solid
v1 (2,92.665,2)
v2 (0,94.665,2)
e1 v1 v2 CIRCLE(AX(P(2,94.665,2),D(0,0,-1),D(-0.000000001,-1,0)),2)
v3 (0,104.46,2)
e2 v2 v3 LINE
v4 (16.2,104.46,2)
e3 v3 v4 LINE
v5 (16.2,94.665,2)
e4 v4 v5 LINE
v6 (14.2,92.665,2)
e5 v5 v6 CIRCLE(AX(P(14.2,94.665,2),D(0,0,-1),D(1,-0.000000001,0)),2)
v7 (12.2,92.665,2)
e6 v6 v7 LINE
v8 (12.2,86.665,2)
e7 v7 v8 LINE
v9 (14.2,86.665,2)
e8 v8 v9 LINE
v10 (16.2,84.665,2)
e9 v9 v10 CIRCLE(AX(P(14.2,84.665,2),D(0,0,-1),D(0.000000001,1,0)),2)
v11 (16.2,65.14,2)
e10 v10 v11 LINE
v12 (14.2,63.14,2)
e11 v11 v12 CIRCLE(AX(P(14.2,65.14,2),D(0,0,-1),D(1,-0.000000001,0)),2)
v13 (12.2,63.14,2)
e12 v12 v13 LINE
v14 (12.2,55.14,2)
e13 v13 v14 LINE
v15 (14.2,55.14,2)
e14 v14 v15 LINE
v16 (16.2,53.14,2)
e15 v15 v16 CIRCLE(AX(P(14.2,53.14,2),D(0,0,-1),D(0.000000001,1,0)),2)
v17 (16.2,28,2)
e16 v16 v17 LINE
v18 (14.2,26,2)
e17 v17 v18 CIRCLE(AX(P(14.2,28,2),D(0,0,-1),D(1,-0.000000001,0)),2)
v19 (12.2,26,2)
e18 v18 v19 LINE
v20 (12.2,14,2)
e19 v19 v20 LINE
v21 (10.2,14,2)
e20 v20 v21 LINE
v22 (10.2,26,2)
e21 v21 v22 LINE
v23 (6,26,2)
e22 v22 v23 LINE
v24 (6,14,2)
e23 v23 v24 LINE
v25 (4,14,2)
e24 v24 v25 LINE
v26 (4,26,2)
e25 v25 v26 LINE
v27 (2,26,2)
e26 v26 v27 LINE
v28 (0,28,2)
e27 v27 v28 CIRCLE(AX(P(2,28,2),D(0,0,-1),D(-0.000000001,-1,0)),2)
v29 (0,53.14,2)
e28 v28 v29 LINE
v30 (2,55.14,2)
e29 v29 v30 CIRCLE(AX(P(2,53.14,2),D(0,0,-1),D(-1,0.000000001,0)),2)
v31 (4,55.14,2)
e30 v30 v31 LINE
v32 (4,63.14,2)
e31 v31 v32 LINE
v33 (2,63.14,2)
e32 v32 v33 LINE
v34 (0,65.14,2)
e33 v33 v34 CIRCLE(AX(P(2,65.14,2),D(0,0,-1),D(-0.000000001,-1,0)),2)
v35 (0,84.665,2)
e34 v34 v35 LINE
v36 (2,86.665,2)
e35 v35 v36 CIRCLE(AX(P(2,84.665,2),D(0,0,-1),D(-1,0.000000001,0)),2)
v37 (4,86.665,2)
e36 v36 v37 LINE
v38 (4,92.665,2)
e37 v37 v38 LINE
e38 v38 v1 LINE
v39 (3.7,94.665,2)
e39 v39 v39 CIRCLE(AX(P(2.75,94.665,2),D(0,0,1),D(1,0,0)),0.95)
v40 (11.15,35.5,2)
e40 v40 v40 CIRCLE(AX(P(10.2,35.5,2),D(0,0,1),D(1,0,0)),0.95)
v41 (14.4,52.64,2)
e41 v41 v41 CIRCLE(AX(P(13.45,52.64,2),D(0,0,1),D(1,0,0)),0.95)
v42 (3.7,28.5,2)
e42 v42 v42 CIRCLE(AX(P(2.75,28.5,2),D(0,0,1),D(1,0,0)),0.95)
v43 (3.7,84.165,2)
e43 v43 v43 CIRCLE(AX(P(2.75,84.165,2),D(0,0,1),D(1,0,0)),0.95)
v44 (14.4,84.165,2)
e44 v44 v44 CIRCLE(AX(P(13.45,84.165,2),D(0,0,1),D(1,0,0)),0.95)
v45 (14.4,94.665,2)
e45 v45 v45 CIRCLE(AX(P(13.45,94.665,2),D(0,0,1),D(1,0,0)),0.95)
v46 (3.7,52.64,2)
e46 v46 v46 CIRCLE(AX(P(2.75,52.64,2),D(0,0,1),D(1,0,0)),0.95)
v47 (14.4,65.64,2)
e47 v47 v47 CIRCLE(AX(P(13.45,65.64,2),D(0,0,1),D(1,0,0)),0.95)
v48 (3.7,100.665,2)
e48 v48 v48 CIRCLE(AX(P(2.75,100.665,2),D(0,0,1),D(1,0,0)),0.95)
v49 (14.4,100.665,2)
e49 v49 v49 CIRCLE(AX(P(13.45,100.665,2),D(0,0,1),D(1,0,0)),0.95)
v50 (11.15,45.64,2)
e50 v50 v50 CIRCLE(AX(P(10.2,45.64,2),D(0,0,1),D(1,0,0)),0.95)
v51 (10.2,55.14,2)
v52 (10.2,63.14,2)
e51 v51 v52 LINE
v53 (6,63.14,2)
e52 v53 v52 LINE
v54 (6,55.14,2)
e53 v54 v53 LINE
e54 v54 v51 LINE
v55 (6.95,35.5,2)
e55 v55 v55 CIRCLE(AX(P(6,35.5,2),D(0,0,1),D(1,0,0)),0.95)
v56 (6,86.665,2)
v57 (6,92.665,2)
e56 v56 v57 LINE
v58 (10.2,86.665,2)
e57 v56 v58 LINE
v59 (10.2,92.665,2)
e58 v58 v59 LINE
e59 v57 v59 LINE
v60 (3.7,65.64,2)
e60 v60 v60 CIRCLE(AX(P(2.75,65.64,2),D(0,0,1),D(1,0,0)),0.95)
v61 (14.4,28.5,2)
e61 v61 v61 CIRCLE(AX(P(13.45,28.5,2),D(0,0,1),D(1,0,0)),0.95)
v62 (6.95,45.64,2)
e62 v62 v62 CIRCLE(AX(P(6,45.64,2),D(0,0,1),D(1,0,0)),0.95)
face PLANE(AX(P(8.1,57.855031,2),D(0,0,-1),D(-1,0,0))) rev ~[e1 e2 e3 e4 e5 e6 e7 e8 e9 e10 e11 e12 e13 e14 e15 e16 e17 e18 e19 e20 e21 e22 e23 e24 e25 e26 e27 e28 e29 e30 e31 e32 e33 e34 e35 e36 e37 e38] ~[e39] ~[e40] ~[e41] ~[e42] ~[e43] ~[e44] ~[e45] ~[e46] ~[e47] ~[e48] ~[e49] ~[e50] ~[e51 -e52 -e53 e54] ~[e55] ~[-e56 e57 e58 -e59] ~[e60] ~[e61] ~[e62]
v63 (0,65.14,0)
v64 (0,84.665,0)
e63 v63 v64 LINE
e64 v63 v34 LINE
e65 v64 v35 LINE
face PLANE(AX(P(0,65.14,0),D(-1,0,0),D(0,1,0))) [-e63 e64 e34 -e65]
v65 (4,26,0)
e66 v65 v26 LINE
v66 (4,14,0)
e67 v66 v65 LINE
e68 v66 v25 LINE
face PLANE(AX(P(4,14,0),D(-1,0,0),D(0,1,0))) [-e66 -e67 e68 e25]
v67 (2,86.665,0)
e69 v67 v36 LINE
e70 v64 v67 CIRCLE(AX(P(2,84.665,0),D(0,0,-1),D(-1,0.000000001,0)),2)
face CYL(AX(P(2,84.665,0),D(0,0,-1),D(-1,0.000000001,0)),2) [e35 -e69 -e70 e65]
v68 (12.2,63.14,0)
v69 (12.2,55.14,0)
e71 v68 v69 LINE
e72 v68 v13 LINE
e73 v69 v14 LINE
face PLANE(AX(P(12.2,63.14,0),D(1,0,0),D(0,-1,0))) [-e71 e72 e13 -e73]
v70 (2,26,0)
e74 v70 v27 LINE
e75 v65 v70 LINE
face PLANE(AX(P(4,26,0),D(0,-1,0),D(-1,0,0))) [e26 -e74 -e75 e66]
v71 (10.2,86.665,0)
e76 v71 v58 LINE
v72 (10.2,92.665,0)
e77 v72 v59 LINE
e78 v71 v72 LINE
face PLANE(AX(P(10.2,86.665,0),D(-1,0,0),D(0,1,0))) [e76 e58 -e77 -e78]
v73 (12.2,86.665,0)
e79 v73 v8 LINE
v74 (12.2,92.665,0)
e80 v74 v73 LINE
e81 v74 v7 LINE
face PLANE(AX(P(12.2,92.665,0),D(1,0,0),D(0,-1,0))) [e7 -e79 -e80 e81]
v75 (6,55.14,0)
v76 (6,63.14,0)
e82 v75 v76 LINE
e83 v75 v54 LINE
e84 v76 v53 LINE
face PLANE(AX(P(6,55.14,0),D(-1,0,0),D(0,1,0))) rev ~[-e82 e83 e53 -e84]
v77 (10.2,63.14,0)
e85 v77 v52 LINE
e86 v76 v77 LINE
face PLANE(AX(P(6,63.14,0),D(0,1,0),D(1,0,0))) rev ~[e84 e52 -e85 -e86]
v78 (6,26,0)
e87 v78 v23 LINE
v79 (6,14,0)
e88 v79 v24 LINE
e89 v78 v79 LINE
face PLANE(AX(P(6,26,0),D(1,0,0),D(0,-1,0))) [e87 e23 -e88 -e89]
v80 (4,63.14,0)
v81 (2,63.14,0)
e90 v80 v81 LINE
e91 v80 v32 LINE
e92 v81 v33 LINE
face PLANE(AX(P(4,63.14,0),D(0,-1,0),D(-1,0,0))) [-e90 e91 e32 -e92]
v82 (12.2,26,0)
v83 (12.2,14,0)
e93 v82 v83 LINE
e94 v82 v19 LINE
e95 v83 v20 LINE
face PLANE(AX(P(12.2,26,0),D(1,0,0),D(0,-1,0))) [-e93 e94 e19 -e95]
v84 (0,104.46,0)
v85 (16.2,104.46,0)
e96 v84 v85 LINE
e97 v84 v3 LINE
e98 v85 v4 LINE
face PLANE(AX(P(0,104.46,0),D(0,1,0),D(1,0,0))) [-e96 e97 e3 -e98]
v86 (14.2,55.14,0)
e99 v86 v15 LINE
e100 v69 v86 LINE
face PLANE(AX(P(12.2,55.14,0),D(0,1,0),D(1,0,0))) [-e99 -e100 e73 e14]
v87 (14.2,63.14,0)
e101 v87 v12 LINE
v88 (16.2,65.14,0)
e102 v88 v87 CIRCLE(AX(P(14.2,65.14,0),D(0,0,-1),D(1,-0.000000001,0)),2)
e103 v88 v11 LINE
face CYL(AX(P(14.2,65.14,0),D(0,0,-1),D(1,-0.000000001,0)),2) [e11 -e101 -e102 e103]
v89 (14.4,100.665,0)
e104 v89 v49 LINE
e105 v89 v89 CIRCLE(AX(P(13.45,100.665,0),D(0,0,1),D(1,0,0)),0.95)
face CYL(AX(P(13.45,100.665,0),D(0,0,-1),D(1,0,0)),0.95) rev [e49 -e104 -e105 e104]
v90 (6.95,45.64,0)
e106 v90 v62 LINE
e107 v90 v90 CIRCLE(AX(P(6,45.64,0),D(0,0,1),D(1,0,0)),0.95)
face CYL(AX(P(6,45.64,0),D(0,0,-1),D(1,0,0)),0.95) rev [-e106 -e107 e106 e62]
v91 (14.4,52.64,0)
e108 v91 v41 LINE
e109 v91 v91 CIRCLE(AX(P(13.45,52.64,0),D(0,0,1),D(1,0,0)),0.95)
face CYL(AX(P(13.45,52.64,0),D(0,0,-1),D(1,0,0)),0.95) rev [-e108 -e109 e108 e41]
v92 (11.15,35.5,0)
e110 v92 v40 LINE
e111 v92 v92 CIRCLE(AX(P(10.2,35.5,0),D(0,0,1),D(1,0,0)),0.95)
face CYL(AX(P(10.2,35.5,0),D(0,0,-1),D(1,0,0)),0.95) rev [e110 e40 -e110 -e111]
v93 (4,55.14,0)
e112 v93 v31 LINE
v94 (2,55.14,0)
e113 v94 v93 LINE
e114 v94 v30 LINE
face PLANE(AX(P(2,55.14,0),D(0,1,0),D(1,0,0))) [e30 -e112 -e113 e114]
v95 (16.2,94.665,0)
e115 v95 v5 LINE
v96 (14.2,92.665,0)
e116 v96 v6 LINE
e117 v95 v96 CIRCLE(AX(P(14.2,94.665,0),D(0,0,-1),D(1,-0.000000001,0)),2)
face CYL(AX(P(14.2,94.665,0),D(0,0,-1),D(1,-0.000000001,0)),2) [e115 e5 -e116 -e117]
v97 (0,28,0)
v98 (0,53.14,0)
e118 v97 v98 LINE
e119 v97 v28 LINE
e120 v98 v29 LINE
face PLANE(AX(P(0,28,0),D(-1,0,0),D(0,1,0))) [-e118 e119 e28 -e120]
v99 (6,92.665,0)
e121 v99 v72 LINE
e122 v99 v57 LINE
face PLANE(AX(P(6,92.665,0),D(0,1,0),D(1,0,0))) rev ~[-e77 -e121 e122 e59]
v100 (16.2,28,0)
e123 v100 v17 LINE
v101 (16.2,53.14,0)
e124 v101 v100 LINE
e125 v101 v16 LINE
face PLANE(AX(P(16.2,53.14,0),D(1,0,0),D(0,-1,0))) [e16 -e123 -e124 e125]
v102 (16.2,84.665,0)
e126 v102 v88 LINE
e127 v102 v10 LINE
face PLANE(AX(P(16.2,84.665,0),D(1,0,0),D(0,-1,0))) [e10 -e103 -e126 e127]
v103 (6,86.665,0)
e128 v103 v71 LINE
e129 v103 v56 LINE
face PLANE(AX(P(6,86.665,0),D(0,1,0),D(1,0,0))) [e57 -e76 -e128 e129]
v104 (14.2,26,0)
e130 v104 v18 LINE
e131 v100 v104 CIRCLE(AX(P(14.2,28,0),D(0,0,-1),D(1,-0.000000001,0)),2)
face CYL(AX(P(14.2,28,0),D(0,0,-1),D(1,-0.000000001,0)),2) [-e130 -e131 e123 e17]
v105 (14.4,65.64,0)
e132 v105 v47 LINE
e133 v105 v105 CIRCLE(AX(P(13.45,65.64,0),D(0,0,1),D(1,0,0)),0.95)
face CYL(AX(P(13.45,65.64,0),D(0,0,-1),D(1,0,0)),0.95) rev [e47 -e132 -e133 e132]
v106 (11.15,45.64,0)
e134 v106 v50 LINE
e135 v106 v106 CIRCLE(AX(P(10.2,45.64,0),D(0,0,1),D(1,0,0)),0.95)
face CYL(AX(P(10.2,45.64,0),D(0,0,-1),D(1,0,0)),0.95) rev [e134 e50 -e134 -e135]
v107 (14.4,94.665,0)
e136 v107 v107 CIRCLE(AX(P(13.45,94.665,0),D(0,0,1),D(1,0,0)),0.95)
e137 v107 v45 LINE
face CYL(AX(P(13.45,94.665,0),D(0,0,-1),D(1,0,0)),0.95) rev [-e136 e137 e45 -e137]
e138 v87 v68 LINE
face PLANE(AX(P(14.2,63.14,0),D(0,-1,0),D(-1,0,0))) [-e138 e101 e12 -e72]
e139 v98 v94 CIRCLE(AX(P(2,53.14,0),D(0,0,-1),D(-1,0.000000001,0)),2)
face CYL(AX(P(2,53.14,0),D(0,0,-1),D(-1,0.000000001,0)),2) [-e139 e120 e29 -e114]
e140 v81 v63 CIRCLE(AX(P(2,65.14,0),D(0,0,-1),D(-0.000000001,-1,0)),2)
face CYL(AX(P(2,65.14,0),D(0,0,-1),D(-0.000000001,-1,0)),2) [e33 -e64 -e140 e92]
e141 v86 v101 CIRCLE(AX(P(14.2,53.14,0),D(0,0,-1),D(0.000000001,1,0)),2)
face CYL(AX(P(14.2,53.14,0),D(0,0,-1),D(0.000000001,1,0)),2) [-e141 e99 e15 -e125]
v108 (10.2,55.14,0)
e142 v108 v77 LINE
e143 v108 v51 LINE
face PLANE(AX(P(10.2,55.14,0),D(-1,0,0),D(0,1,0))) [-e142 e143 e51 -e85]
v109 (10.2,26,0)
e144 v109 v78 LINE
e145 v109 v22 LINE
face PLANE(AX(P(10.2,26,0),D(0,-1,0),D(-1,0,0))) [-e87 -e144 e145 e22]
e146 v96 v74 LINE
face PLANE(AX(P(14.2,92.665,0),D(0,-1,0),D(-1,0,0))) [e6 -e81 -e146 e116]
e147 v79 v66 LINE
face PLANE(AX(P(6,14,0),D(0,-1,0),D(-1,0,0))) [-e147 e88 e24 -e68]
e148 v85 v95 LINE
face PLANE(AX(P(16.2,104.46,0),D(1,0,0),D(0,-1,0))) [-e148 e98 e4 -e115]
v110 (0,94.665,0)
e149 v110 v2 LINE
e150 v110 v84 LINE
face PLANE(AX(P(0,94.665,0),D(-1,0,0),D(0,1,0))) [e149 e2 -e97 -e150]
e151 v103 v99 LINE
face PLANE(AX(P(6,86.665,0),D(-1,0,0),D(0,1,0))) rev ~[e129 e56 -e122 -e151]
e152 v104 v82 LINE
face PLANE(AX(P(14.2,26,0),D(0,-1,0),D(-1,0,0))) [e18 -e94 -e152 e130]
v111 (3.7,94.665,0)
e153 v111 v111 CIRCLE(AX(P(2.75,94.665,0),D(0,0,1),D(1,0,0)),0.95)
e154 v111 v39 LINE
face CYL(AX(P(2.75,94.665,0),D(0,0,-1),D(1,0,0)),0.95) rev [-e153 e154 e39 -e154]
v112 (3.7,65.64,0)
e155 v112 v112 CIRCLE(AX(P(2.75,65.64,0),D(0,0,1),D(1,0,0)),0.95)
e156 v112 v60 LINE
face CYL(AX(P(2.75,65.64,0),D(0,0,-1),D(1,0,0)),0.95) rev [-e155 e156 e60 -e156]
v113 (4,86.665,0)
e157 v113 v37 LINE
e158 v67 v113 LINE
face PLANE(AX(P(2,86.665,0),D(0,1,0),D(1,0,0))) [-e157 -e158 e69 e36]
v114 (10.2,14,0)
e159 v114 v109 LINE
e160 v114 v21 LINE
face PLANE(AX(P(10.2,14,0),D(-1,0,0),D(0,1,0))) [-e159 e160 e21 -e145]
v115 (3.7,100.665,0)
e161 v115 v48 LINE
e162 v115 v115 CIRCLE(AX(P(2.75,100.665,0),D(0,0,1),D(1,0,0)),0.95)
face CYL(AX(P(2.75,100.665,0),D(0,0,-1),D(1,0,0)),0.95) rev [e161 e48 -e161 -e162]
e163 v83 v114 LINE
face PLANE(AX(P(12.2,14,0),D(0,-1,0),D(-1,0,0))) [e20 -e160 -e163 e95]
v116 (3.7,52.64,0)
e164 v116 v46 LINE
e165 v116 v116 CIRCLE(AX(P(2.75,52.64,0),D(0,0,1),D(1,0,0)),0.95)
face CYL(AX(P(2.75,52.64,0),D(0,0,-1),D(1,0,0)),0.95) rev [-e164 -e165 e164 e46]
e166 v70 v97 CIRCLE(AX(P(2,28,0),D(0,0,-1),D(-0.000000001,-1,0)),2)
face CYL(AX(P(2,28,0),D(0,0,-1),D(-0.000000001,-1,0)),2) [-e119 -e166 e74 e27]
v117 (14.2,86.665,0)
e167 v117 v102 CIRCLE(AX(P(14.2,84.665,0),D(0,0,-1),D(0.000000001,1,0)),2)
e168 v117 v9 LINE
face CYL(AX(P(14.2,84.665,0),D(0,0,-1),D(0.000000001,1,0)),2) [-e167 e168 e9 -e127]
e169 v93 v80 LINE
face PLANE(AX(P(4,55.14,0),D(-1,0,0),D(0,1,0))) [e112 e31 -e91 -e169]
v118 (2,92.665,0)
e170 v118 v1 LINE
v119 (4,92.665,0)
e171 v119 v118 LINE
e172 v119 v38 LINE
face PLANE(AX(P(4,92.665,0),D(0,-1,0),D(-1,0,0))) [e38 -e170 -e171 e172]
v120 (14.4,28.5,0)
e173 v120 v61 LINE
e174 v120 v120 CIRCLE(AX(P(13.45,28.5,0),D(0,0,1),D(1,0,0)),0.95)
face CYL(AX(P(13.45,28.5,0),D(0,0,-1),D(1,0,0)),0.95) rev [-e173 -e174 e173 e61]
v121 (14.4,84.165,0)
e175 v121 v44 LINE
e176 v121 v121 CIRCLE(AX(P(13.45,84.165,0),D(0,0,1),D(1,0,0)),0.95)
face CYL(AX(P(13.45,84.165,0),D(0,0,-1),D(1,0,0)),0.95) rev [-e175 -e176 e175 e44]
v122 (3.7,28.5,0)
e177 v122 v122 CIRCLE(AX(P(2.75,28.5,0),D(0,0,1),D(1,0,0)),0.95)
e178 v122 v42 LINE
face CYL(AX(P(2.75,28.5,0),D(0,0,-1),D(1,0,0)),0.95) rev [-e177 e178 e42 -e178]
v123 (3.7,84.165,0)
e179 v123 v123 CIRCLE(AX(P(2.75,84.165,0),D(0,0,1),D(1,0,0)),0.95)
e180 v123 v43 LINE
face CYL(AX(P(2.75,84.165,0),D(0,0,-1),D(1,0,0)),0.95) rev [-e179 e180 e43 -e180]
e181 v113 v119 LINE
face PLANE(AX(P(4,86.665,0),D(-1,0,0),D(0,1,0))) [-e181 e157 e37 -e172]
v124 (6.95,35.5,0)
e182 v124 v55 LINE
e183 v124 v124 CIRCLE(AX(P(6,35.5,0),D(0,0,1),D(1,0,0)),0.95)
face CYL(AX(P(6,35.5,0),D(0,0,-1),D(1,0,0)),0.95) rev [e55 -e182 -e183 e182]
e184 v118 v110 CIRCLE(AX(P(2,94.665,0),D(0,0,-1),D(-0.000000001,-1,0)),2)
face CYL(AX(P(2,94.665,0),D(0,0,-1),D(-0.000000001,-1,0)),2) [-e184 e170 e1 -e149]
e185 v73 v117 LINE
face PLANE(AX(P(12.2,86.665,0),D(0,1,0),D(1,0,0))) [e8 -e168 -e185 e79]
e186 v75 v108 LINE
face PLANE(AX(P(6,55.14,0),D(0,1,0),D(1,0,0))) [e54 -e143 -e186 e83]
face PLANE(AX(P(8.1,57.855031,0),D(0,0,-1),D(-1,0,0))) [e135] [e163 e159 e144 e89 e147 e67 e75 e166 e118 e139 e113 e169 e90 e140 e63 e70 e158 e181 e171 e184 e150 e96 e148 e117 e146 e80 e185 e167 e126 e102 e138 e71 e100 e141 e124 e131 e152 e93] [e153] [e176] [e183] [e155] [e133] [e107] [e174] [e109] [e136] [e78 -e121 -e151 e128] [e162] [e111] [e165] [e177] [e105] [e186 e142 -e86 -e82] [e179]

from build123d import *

# Parameters (mm, degrees)
SKETCH1_R           = 0.95
SKETCH1_W           = 4.2
SKETCH1_H           = 8
SKETCH1_H_2         = 6
BOSS_EXTRUDE1_DEPTH = 2


with BuildPart() as part:
    # Sketch1 → Boss-Extrude1 (new body)
    with BuildSketch(Plane.XY):
        with BuildLine():
            Line((4, 26), (2, 26))
            ThreePointArc((2, 26), (0.585786438, 26.585786438), (0, 28))
            Line((0, 28), (0, 53.14))
            ThreePointArc((0, 53.14), (0.585786438, 54.554213562), (2, 55.14))
            Line((2, 55.14), (4, 55.14))
            Line((4, 55.14), (4, 63.14))
            Line((4, 63.14), (2, 63.14))
            ThreePointArc((2, 63.14), (0.585786438, 63.725786438), (0, 65.14))
            Line((0, 65.14), (0, 84.665))
            ThreePointArc((0, 84.665), (0.585786438, 86.079213562), (2, 86.665))
            Line((2, 86.665), (4, 86.665))
            Line((4, 86.665), (4, 92.665))
            Line((4, 92.665), (2, 92.665))
            ThreePointArc((2, 92.665), (0.585786438, 93.250786438), (0, 94.665))
            Line((0, 94.665), (0, 104.46))
            Line((0, 104.46), (16.2, 104.46))
            Line((16.2, 104.46), (16.2, 94.665))
            ThreePointArc((16.2, 94.665), (15.614213562, 93.250786438), (14.2, 92.665))
            Line((14.2, 92.665), (12.2, 92.665))
            Line((12.2, 92.665), (12.2, 86.665))
            Line((12.2, 86.665), (14.2, 86.665))
            ThreePointArc((14.2, 86.665), (15.614213562, 86.079213562), (16.2, 84.665))
            Line((16.2, 84.665), (16.2, 65.14))
            ThreePointArc((16.2, 65.14), (15.614213562, 63.725786438), (14.2, 63.14))
            Line((14.2, 63.14), (12.2, 63.14))
            Line((12.2, 63.14), (12.2, 55.14))
            Line((12.2, 55.14), (14.2, 55.14))
            ThreePointArc((14.2, 55.14), (15.614213562, 54.554213562), (16.2, 53.14))
            Line((16.2, 53.14), (16.2, 28))
            ThreePointArc((16.2, 28), (15.614213562, 26.585786438), (14.2, 26))
            Line((14.2, 26), (12.2, 26))
            Line((12.2, 26), (12.2, 14))
            Line((12.2, 14), (10.2, 14))
            Line((10.2, 14), (10.2, 26))
            Line((10.2, 26), (6, 26))
            Line((6, 26), (6, 14))
            Line((6, 14), (4, 14))
            Line((4, 14), (4, 26))
        make_face()
        with Locations((13.45, 94.665)):
            Circle(SKETCH1_R, mode=Mode.SUBTRACT)
        with Locations((13.45, 84.165)):
            Circle(SKETCH1_R, mode=Mode.SUBTRACT)
        with Locations((13.45, 65.64)):
            Circle(SKETCH1_R, mode=Mode.SUBTRACT)
        with Locations((13.45, 52.64)):
            Circle(SKETCH1_R, mode=Mode.SUBTRACT)
        with Locations((13.45, 28.5)):
            Circle(SKETCH1_R, mode=Mode.SUBTRACT)
        with Locations((10.2, 35.5)):
            Circle(SKETCH1_R, mode=Mode.SUBTRACT)
        with Locations((10.2, 45.64)):
            Circle(SKETCH1_R, mode=Mode.SUBTRACT)
        with Locations((13.45, 100.665)):
            Circle(SKETCH1_R, mode=Mode.SUBTRACT)
        with Locations((2.75, 100.665)):
            Circle(SKETCH1_R, mode=Mode.SUBTRACT)
        with Locations((6, 45.64)):
            Circle(SKETCH1_R, mode=Mode.SUBTRACT)
        with Locations((6, 35.5)):
            Circle(SKETCH1_R, mode=Mode.SUBTRACT)
        with Locations((2.75, 28.5)):
            Circle(SKETCH1_R, mode=Mode.SUBTRACT)
        with Locations((2.75, 52.64)):
            Circle(SKETCH1_R, mode=Mode.SUBTRACT)
        with Locations((2.75, 65.64)):
            Circle(SKETCH1_R, mode=Mode.SUBTRACT)
        with Locations((2.75, 84.165)):
            Circle(SKETCH1_R, mode=Mode.SUBTRACT)
        with Locations((2.75, 94.665)):
            Circle(SKETCH1_R, mode=Mode.SUBTRACT)
        with Locations((8.1, 59.14)):
            Rectangle(SKETCH1_W, SKETCH1_H, mode=Mode.SUBTRACT)
        with Locations((8.1, 89.665)):
            Rectangle(SKETCH1_W, SKETCH1_H_2, mode=Mode.SUBTRACT)
    extrude(amount=BOSS_EXTRUDE1_DEPTH)


solid = part.part
